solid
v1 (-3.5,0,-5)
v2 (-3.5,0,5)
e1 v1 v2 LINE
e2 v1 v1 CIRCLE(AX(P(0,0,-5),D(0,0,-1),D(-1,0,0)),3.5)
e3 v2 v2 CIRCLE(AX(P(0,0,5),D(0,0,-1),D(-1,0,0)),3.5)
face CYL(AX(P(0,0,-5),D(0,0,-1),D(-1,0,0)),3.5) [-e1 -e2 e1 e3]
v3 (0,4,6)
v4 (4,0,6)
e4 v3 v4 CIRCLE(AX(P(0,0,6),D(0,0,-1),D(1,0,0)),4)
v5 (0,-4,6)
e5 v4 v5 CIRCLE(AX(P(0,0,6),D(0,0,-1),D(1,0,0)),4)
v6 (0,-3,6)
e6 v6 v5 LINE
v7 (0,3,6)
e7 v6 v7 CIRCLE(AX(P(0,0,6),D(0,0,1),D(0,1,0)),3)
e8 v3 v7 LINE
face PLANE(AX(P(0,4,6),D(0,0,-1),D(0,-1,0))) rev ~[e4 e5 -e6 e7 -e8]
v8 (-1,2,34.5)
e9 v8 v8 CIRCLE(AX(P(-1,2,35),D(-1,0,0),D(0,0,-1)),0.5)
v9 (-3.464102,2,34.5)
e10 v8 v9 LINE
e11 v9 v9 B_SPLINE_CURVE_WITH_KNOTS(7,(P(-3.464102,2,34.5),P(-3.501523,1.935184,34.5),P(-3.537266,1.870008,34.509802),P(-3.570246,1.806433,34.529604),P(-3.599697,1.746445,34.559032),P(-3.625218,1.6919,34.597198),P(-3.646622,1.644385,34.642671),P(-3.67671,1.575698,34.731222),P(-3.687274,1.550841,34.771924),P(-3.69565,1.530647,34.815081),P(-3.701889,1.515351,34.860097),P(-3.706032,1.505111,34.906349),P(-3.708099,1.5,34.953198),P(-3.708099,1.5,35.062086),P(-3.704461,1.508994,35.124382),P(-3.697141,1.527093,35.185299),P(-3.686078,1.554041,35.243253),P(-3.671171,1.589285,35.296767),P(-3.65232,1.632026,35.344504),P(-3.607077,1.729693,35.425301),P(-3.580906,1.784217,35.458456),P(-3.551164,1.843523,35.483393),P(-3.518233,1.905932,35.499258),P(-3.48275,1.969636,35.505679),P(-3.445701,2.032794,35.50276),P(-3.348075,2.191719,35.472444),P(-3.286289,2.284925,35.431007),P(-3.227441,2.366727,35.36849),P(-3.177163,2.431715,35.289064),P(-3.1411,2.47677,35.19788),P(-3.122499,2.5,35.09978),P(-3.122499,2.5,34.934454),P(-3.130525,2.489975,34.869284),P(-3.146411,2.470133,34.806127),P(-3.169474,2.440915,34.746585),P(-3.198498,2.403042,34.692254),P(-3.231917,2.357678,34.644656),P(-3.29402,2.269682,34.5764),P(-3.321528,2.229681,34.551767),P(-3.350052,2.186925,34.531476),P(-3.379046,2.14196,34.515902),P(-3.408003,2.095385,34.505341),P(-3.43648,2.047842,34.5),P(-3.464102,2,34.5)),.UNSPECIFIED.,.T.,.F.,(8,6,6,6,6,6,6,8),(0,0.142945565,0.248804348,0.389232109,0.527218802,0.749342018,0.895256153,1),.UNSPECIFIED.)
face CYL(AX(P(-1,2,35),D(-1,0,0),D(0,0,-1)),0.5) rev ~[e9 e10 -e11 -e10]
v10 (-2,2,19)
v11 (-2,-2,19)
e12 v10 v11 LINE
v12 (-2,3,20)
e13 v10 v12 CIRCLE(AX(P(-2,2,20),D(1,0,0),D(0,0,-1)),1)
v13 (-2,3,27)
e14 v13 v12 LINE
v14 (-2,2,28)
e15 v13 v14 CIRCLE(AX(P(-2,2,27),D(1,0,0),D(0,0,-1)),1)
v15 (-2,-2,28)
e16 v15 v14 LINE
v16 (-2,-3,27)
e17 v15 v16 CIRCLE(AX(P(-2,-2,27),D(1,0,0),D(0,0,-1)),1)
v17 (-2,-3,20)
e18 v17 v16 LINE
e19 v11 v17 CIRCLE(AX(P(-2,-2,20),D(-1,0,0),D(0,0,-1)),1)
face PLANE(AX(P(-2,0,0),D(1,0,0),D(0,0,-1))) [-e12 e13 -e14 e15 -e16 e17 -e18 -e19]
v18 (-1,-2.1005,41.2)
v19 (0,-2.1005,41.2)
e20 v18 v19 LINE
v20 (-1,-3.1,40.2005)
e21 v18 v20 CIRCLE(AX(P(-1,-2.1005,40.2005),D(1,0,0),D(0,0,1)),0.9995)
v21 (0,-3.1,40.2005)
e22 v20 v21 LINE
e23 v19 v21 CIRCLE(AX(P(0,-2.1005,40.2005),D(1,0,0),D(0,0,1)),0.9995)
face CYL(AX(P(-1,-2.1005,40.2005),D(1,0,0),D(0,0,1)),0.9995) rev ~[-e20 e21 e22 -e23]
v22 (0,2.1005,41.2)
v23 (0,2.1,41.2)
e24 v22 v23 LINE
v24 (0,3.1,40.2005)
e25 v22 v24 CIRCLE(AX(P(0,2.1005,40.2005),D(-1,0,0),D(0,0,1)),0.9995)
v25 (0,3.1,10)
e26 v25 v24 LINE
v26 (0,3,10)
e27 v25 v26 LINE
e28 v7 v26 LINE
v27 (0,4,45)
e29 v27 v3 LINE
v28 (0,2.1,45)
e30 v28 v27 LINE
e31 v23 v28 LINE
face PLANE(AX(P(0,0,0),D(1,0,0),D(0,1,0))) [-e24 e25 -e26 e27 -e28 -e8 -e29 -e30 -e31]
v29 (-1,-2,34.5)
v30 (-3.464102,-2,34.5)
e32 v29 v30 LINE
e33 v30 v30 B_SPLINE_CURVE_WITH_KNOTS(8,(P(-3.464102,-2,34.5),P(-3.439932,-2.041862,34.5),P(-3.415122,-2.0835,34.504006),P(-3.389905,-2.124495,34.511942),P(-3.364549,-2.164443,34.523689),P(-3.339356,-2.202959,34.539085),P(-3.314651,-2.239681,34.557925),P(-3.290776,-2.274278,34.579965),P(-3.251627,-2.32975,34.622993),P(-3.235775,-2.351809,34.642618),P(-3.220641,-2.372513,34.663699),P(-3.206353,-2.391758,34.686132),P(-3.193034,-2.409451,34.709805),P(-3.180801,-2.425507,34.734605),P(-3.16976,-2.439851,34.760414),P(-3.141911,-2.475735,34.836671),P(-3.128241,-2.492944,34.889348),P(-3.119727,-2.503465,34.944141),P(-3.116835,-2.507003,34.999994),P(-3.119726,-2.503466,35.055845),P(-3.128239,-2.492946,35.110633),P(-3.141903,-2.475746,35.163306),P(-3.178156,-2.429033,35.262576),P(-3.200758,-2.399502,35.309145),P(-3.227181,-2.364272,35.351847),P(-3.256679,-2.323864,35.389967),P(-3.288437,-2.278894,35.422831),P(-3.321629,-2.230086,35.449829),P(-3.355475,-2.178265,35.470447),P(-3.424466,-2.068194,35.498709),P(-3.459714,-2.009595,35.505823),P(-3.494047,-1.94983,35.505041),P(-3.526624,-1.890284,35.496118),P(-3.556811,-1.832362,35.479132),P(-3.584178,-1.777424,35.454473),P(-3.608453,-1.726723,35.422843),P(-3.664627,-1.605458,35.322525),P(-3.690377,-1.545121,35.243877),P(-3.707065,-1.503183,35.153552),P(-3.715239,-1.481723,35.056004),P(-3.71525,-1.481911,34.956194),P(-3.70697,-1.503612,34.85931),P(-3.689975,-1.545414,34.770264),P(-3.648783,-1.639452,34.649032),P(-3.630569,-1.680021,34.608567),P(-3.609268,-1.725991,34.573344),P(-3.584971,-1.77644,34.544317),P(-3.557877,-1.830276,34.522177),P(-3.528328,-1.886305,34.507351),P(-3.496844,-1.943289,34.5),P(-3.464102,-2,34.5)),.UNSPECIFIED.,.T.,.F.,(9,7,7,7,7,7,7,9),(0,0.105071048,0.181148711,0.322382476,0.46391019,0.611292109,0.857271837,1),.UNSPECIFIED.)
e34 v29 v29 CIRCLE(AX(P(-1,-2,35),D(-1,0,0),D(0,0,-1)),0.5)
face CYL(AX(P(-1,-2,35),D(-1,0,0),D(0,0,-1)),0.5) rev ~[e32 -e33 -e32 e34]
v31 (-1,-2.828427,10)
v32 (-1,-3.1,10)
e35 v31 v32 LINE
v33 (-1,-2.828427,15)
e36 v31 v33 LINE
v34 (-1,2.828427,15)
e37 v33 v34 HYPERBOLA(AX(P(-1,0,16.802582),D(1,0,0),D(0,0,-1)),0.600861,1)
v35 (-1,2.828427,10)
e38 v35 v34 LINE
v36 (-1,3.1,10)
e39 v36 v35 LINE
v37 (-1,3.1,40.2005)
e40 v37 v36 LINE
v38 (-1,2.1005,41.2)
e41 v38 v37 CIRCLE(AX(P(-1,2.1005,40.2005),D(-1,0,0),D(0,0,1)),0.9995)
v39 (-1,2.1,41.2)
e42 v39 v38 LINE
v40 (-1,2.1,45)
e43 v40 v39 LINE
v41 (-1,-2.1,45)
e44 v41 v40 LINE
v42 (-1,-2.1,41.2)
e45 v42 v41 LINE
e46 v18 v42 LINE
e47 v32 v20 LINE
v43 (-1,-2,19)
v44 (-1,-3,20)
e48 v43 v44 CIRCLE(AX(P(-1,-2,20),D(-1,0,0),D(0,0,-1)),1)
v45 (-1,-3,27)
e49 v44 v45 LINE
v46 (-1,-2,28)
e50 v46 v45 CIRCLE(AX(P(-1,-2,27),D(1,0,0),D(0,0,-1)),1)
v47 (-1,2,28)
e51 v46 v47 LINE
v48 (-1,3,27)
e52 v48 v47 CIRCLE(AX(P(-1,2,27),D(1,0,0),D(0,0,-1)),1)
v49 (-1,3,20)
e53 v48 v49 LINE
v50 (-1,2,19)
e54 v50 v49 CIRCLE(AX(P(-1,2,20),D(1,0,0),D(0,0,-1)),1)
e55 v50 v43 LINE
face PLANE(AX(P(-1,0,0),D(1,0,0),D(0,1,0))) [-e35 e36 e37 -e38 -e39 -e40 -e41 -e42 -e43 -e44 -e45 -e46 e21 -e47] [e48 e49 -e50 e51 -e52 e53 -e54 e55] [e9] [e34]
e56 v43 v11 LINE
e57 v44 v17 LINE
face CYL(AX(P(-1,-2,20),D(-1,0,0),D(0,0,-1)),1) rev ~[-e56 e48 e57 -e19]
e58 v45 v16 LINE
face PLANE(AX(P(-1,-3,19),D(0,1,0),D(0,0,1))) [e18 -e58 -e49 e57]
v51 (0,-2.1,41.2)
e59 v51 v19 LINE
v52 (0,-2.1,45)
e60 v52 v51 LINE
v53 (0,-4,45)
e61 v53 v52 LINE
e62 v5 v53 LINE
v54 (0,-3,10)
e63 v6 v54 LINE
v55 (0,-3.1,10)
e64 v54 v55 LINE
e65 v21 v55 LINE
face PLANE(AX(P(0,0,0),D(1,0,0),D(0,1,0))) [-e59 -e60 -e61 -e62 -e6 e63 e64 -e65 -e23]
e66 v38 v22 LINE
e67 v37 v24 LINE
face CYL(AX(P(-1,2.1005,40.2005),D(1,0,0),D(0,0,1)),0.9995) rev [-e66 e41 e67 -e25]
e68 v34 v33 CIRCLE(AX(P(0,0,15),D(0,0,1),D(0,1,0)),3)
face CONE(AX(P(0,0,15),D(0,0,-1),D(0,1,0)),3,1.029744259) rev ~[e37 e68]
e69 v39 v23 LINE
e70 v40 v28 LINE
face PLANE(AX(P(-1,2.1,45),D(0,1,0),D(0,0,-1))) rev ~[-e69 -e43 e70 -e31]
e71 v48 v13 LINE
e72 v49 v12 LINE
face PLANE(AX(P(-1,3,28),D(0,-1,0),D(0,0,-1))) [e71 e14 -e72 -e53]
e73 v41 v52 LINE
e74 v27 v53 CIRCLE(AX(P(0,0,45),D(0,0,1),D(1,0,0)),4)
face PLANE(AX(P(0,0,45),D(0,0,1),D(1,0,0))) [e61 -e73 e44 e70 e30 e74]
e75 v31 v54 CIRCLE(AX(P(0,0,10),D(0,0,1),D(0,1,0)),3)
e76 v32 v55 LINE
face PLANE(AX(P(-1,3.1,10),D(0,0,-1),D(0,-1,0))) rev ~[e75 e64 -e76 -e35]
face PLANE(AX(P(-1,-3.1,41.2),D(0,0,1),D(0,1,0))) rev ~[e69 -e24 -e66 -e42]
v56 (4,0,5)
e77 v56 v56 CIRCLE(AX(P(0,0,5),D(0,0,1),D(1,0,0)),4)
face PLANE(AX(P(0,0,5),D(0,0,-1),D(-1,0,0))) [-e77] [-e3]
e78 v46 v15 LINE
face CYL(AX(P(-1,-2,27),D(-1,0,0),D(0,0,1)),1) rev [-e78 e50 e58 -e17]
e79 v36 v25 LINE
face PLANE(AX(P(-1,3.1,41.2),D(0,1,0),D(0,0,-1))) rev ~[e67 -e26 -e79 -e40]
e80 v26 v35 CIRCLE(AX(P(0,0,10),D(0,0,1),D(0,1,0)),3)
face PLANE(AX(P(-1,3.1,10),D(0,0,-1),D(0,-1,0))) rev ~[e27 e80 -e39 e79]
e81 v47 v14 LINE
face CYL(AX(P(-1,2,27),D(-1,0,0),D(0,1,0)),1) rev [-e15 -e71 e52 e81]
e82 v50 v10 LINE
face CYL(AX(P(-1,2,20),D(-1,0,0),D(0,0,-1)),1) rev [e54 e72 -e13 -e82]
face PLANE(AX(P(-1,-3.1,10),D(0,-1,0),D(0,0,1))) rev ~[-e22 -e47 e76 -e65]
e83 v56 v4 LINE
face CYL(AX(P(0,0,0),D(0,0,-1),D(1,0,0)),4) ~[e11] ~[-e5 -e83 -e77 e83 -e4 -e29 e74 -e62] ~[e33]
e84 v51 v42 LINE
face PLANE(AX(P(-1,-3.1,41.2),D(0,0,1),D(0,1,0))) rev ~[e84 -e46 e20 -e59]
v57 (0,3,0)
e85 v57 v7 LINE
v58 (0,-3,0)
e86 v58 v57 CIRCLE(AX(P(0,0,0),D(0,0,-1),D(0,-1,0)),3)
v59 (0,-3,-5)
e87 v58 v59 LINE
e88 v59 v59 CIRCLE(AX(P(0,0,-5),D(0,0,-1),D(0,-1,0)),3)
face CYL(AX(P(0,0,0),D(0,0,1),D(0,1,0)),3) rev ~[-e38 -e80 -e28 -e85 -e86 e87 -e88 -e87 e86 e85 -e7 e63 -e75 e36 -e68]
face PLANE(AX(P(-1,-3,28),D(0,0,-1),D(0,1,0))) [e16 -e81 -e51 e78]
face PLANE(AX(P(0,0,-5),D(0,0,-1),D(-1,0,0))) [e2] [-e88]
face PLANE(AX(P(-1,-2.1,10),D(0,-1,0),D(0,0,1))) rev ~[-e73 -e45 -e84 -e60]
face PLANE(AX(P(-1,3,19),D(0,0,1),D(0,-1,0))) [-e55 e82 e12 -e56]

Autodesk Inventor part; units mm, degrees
ref_plane "XZ Plane" through (0, 0, 0) normal (0, 1, 0) x (-1, 0, 0)
ref_plane "XY Plane" through (0, 0, 0) normal (0, 0, 1) x (1, 0, 0)
sketch "Skizze1" plane through (0, 0, 0) normal (0, 0, 1) x (1, 0, 0)
  circle A0 centre (0, 0) radius 4
  dimension "d0" = 8
extrude "Extrusion1" add sketch "Skizze1" along normal blind 45
ref_plane "Mittelebene" through (0, 0, 0) normal (1, 0, 0) x (0, 1, 0)
ref_plane "Mittelebene - PCB-Dicke" through (-1, 0, 0) normal (1, 0, 0) x (0, 1, 0)
sketch "Skizze8" plane through (0, 0, 0) normal (1, 0, 0) x (0, 1, 0)
  line L0 (-4, 45) -> (4, 45)
  line L1 (4, 45) -> (4, 6)
  line L2 (4, 6) -> (-4, 6)
  line L3 (-4, 6) -> (-4, 45)
  point P0 (0, 0)
  dimension "d100" = 8
  dimension "d101" = 39
extrude "Extrusion6" cut sketch "Skizze8" along normal blind 14.5
sketch "Skizze12" plane through (-1, 0, 0) normal (1, 0, 0) x (0, 1, 0)
  line L0 (2.1, 10) -> (-2.1, 10)
  line L1 (-2.1, 10) -> (-2.1, 45)
  line L2 (-2.1, 45) -> (2.1, 45)
  line L3 (2.1, 45) -> (2.1, 10)
  point P0 (0, 0)
  dimension "d103" = 4.2
  dimension "d104" = 35
extrude "Extrusion8" cut sketch "Skizze12" along normal blind 6.75
sketch "Skizze13" plane through (-1, 0, 0) normal (1, 0, 0) x (0, 1, 0)
  line L0 (3.1, 10) -> (-3.1, 10)
  line L1 (-3.1, 10) -> (-3.1, 41.2)
  line L2 (-3.1, 41.2) -> (3.1, 41.2)
  line L3 (3.1, 41.2) -> (3.1, 10)
  point P0 (0, 0)
  dimension "d105" = 6.2
  dimension "d106" = 31.2
extrude "Extrusion9" cut sketch "Skizze13" along normal blind 6.25
sketch "Skizze14" plane through (-1, 0, 0) normal (1, 0, 0) x (0, 1, 0)
  point P0 (0, 0)
  point P1 (-2, 35)
  point P2 (2, 35)
hole "Bohrung3" at (-1, -2, 35) at (-1, 2, 35) direction (-1, 0, 0) diameter 1 end through all
thread "Gewinde5" size "M1x0.25" class "6H" standard "ANSI Metric M Profile" full length
thread "Gewinde6" size "M1x0.25" class "6H" standard "ANSI Metric M Profile" full length
sketch "Skizze15" plane through (0, 0, 0) normal (0, 0, -1) x (-1, 0, 0)
  circle A0 centre (0, 0) radius 4
  dimension "d78" = 8
extrude "Extrusion12" add sketch "Skizze15" along normal blind 5
hole "Bohrung5" at (0, 0, 0) direction (0, 0, -1) diameter 6 end through all
hole "Bohrung6" at (0, 0, 0) direction (0, 0, 1) diameter 6 depth 15 tip angle 118
sketch "Skizze16" plane through (0, 0, -5) normal (0, 0, -1) x (-1, 0, 0)
  circle A0 centre (0, 0) radius 4 projected
  circle A1 centre (0, 0) radius 3.5
  dimension "d95" = 7
extrude "Extrusion13" cut sketch "Skizze16" against normal blind 10
thread "Gewinde7" size "M7x0.5" class "6g" standard "ANSI Metric M Profile" length 10
fillet "Rundung1" radius 1 1 edges at (-0.5, -3.1, 41.2)
fillet "Rundung2" radius 1 1 edges at (-0.5, 3.1, 41.2)
sketch "Skizze17" plane through (-1, 0, 0) normal (1, 0, 0) x (0, 0, -1)
  line L0 (-19, -3) -> (-28, -3)
  line L1 (-28, -3) -> (-28, 3)
  line L2 (-28, 3) -> (-19, 3)
  line L3 (-19, 3) -> (-19, -3)
  point P0 (0, 0)
  dimension "d114" = 9
  dimension "d115" = 6
extrude "Extrusion14" cut sketch "Skizze17" against normal blind 1
fillet "Rundung6" radius 1 4 edges at (-1.5, -3, 19) (-1.5, 3, 19) (-1.5, 3, 28) (-1.5, -3, 28)
properties part number "PEEK-PCB-holder" material "Polyaryletherketon-Kunststoff"
